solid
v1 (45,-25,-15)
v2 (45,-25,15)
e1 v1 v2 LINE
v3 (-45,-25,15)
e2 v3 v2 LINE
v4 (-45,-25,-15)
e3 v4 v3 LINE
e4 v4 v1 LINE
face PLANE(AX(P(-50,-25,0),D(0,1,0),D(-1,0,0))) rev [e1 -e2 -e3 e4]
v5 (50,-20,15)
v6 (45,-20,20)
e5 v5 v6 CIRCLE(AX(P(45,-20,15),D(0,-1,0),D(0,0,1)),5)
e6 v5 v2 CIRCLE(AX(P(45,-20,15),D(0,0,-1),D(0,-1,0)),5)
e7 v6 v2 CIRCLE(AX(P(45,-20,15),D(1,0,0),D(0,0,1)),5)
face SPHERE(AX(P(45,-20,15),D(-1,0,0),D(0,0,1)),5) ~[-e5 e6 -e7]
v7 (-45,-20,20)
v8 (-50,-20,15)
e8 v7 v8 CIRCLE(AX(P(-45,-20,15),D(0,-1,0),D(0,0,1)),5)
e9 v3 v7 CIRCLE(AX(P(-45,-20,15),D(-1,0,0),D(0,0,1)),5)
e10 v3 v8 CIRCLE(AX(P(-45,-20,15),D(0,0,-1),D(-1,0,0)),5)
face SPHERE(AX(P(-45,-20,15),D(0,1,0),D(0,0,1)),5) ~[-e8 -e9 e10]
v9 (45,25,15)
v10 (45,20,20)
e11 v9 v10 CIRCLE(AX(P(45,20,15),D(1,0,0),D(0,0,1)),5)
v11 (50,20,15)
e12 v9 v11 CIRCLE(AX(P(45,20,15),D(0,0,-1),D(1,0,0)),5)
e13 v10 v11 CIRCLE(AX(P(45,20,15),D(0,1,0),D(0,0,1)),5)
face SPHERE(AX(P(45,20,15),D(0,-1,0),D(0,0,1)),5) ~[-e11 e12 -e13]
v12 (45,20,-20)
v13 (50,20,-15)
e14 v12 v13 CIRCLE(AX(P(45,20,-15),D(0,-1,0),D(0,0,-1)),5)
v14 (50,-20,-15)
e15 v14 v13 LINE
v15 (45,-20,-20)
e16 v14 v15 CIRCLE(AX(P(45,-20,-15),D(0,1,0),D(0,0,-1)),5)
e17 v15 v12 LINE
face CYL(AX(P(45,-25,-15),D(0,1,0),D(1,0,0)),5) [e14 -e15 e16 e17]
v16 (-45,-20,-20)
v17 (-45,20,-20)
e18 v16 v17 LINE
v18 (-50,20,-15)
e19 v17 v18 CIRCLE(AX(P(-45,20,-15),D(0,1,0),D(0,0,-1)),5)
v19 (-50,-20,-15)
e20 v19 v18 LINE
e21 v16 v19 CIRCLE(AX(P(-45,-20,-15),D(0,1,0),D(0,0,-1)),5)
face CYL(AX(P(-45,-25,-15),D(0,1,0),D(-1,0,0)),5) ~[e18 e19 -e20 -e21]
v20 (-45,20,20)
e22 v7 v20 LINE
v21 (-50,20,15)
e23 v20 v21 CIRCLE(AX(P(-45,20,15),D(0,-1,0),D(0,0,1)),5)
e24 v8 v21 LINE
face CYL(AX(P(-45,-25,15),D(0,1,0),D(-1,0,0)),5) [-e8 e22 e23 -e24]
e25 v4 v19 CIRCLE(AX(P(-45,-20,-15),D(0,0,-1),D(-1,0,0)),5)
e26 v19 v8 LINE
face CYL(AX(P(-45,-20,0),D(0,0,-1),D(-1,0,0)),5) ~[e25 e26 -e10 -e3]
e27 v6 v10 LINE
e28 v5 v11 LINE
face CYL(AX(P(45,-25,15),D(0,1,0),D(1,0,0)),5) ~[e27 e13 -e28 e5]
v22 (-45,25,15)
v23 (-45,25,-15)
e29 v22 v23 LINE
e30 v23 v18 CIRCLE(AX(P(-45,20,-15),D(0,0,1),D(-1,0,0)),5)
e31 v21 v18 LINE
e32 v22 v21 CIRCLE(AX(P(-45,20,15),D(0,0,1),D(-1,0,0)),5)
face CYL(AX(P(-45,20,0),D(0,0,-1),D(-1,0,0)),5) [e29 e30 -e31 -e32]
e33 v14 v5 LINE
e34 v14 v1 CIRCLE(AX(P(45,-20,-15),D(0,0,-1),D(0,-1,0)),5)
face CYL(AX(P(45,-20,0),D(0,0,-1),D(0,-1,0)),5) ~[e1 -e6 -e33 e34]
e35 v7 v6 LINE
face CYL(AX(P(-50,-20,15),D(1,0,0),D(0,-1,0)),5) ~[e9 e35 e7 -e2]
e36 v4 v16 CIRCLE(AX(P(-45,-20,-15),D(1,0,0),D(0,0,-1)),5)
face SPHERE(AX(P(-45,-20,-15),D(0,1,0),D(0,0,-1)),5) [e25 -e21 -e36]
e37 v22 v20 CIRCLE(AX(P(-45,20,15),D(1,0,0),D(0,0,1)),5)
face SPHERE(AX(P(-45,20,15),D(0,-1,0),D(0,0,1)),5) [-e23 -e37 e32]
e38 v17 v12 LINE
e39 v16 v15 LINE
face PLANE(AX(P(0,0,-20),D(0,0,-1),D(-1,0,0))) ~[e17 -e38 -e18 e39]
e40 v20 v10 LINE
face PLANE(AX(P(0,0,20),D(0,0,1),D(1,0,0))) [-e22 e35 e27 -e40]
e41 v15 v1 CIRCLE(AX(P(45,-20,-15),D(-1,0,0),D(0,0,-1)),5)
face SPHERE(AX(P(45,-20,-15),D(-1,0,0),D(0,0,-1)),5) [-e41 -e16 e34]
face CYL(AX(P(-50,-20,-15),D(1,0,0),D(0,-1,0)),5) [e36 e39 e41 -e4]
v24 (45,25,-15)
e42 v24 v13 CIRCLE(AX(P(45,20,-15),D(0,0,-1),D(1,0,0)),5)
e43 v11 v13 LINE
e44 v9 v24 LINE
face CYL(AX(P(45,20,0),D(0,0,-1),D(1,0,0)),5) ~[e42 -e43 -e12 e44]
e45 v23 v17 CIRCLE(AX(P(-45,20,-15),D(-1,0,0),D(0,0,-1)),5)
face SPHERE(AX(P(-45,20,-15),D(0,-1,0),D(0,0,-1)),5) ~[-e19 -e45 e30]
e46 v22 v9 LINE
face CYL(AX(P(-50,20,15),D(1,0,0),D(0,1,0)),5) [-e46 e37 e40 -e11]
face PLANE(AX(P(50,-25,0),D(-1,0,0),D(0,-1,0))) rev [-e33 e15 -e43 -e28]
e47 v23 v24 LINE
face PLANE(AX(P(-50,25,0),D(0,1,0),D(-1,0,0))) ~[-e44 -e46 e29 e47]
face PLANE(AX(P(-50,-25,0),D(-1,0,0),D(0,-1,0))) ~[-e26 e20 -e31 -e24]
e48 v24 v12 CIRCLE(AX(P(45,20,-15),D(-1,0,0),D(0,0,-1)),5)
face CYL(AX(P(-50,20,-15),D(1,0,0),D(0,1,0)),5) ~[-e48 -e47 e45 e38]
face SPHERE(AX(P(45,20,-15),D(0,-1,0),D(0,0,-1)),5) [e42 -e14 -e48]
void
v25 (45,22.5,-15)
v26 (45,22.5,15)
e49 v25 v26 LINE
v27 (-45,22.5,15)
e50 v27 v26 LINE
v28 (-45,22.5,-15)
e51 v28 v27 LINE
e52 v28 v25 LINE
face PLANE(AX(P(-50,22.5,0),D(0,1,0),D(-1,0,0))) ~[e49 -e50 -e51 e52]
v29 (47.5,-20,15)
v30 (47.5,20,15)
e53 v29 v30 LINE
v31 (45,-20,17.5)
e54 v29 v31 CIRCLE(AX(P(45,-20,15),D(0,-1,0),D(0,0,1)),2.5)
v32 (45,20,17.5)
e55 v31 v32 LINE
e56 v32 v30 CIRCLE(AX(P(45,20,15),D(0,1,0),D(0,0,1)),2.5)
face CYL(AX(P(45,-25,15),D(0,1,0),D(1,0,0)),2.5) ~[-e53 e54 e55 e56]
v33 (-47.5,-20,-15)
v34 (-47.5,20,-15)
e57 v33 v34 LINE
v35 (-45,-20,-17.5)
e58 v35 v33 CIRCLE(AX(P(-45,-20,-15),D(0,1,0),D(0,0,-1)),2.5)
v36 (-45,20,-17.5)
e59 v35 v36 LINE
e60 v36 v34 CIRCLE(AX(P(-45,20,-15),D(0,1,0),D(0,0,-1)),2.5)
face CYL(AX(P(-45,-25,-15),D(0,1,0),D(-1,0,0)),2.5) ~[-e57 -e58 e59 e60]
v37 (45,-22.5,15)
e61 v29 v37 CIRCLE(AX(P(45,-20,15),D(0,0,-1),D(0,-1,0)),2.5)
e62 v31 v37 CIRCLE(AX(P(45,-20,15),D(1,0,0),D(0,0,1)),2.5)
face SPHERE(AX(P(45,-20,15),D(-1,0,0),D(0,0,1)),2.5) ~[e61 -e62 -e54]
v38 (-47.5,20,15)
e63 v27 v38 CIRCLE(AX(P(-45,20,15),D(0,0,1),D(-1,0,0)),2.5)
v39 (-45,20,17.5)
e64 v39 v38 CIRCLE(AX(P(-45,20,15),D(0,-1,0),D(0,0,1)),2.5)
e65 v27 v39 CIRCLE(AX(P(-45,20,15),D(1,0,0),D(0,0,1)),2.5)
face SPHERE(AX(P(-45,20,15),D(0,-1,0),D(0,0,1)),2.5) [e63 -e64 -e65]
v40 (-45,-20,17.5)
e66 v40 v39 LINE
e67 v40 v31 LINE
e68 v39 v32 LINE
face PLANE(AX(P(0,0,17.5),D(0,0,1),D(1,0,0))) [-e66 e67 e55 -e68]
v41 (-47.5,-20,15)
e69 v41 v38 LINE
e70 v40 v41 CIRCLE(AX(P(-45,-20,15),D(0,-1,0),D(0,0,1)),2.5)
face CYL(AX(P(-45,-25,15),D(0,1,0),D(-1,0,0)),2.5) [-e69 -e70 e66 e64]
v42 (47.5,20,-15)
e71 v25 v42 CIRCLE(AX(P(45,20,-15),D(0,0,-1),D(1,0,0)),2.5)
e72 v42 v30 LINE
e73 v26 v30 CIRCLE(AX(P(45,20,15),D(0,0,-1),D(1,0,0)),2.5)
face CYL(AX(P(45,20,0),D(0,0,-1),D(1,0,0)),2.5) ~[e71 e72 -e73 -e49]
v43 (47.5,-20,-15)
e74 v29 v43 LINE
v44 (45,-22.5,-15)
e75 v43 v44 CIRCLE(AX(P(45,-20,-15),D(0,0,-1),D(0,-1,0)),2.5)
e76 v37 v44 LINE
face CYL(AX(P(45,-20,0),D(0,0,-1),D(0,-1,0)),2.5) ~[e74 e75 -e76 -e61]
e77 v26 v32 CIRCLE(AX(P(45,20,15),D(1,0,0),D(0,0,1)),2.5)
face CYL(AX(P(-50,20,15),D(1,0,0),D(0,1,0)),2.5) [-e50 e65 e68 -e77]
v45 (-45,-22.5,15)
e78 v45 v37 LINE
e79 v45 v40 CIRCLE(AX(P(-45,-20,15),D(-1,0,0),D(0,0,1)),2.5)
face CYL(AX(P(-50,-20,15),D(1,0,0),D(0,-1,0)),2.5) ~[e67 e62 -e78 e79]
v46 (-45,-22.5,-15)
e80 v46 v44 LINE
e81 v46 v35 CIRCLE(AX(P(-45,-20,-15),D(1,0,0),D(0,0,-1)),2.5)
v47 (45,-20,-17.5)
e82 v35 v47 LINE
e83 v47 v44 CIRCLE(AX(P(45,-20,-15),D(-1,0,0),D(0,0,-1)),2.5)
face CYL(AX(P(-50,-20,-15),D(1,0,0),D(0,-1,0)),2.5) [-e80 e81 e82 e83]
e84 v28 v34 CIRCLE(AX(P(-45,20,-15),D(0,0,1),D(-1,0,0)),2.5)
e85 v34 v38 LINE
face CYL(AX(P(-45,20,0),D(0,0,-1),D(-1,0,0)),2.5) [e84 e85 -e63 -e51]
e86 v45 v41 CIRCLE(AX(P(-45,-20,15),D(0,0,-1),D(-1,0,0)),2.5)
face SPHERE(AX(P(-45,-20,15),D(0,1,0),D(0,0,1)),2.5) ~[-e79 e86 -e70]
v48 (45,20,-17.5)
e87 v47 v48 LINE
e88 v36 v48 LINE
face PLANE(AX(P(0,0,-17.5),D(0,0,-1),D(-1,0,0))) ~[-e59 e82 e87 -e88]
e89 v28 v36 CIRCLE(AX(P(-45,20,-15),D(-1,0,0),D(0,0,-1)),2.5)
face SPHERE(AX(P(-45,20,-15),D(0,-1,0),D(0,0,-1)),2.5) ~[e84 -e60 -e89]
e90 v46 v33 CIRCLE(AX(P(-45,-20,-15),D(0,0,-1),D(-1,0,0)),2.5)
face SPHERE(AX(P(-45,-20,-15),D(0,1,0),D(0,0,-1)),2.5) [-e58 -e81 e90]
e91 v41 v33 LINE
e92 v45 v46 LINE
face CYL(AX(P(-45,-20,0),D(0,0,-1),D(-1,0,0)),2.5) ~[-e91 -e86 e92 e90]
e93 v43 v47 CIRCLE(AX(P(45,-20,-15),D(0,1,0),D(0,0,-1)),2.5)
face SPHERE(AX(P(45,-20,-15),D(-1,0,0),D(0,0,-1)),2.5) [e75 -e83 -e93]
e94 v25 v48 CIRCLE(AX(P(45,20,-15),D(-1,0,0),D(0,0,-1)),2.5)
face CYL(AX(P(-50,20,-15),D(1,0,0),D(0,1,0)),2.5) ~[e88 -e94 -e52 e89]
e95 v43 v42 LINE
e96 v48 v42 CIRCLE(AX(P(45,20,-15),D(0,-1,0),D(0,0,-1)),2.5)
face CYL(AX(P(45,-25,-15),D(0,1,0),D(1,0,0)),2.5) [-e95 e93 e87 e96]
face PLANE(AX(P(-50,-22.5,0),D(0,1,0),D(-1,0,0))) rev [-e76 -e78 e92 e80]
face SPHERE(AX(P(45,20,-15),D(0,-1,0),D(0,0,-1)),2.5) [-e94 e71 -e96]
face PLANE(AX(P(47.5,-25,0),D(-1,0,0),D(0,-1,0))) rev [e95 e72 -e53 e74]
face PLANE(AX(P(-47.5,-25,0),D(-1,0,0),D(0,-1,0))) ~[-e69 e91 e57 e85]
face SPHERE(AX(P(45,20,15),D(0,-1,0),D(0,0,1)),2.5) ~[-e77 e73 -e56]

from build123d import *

# Parameters (mm, degrees)
F0_W     = 100
F0_H     = 50
F1_DEPTH = 20
F2_R     = 5
F3_T     = -2.5


with BuildPart() as f1:
    # F0 (on Top) → F1 (new body)
    with BuildSketch(Plane.XY):
        Rectangle(F0_W, F0_H)
    extrude(amount=F1_DEPTH)

    # F2
    f2_edges = [f1.edges().sort_by_distance(p)[0] for p in [
        (-50, 0, 20),
        (0, -25, 20),
        (50, 0, 20),
        (0, 25, 20),
        (50, 25, 10),
        (50, -25, 10),
        (-50, -25, 10),
        (-50, 25, 10),
    ]]
    fillet(f2_edges, radius=F2_R)

    # F3
    f3_openings = [f1.faces().sort_by_distance(p)[0] for p in [
        (0, 0, 0),
    ]]
    offset(amount=F3_T, openings=f3_openings)

    # F4: F1 across plane


with BuildPart() as f1_1:
    add(f1.part)
    add(f1.part.mirror(Plane.XY))


solid = f1_1.part
